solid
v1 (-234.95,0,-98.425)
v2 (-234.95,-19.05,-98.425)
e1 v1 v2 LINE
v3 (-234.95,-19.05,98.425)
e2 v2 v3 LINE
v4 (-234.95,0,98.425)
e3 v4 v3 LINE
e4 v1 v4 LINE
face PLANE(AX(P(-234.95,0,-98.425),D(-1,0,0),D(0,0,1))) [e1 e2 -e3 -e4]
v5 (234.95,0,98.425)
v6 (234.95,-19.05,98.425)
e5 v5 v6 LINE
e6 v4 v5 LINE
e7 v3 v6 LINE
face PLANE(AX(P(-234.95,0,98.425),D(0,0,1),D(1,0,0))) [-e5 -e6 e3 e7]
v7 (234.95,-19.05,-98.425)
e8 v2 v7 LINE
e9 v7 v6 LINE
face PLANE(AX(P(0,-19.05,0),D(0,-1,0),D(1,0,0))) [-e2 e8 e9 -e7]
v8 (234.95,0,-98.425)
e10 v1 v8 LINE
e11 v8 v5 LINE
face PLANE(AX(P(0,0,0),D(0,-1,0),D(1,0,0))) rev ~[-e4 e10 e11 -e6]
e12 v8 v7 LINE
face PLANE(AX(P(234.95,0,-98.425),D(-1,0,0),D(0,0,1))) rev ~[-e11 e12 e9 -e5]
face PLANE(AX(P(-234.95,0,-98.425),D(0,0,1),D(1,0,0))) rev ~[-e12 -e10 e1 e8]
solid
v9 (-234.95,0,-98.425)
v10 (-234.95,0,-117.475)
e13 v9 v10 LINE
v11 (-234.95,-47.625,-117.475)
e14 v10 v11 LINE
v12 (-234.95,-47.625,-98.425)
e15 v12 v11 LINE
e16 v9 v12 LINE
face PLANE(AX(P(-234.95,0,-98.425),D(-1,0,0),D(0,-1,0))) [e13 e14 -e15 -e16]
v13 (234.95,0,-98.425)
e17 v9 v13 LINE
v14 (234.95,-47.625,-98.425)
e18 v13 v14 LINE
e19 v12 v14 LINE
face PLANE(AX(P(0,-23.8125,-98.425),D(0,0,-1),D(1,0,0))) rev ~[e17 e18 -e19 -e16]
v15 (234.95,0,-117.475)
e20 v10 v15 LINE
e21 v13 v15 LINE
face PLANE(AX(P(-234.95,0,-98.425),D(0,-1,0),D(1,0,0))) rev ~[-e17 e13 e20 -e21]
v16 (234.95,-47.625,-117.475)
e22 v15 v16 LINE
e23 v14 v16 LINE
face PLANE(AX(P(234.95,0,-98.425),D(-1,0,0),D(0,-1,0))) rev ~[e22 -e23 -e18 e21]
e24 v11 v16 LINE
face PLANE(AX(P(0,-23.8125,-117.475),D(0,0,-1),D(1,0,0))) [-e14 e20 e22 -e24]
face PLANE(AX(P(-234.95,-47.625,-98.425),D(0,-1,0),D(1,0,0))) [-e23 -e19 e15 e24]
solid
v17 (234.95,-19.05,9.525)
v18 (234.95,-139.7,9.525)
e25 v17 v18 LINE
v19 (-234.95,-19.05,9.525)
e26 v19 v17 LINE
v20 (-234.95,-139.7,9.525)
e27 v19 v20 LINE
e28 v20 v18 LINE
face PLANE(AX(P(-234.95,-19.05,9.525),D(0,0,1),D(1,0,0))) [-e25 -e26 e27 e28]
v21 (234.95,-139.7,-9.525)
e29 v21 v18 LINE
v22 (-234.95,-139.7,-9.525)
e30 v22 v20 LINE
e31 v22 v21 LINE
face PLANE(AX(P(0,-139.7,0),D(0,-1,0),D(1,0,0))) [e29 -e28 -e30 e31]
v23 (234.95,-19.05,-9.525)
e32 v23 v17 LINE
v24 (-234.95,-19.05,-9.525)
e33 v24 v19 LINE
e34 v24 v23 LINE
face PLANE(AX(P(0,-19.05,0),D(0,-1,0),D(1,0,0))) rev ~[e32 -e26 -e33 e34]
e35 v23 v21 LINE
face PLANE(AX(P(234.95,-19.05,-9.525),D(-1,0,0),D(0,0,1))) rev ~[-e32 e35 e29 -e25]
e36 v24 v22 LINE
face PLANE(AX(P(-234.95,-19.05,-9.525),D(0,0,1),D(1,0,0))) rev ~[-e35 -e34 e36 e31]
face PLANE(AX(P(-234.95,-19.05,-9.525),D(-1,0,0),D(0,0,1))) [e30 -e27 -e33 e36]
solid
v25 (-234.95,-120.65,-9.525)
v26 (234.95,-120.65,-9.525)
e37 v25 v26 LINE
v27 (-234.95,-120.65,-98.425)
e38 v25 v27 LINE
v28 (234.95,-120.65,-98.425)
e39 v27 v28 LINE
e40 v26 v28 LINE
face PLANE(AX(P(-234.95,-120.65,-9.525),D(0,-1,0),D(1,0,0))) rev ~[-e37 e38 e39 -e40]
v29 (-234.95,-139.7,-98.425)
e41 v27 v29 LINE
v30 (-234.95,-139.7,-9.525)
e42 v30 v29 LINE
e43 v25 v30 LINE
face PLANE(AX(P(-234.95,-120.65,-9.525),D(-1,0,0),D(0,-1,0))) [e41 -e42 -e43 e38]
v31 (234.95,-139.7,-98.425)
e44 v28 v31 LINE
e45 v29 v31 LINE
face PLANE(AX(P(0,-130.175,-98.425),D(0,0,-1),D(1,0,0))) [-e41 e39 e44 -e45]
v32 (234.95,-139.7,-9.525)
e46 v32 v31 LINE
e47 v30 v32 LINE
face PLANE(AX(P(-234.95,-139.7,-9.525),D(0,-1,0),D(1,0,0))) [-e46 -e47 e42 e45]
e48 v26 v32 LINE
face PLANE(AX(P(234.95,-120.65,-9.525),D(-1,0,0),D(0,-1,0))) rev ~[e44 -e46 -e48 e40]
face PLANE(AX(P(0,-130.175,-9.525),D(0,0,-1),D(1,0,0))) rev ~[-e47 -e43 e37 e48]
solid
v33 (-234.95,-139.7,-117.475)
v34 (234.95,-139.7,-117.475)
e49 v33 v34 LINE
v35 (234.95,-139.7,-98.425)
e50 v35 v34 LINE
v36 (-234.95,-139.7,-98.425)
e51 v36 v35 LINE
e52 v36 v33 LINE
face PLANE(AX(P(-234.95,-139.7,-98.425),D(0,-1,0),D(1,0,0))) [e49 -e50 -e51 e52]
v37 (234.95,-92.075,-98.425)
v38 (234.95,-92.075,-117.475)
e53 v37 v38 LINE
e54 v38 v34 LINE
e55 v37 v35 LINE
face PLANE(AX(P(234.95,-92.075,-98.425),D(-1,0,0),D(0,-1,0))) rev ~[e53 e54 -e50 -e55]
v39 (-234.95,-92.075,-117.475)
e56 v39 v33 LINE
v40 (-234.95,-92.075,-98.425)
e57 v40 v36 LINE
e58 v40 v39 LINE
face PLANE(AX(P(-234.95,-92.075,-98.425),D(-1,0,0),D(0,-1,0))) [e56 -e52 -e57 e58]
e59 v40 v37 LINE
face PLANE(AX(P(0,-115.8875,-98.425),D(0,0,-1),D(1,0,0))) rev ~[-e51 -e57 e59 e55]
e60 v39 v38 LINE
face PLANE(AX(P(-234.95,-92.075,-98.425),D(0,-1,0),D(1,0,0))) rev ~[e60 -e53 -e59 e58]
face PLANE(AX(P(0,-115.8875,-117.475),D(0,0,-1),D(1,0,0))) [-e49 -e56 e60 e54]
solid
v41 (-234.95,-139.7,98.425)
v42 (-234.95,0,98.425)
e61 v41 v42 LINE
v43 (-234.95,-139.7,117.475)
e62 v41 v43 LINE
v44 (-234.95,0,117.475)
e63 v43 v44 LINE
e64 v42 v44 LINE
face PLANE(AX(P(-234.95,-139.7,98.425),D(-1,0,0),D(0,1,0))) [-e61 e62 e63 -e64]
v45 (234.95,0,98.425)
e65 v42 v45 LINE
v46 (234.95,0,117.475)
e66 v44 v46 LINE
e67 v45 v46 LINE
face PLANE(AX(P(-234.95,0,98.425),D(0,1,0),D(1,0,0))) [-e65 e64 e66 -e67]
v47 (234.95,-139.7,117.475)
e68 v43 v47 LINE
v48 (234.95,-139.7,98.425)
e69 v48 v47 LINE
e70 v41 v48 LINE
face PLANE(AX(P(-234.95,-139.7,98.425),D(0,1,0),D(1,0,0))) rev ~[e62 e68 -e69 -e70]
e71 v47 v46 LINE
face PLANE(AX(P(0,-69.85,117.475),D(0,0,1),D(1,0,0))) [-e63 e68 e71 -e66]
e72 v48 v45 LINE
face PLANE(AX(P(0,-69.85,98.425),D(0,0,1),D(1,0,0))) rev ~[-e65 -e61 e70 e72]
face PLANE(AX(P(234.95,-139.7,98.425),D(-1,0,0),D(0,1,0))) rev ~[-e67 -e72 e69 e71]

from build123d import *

# Parameters (mm, degrees)
F0_W      = 469.9
F0_H      = 196.85
F1_DEPTH  = 19.05
F2_W      = 469.9
F2_H      = 19.05
F3_DEPTH  = 120.65
F4_W      = 469.9
F4_H      = 19.05
F5_DEPTH  = 88.9
F6_W      = 469.9
F6_H      = 47.625
F7_DEPTH  = 19.05
F8_W      = 469.9
F8_H      = 47.625
F9_DEPTH  = 19.05
F10_W     = 469.9
F10_H     = 139.7
F11_DEPTH = 19.05


with BuildPart() as f1:
    # F0 (on Front) → F1 (new body)
    with BuildSketch(Plane.XZ):
        Rectangle(F0_W, F0_H)
    extrude(amount=F1_DEPTH)


with BuildPart() as f3:
    # F2 (on face) → F3 (new body)
    with BuildSketch(Plane.XZ.offset(19.05)):
        Rectangle(F2_W, F2_H)
    extrude(amount=F3_DEPTH)


with BuildPart() as f5:
    # F4 (on face) → F5 (new body)
    with BuildSketch(Plane(origin=(0, 0, -9.525), x_dir=(1, 0, 0), z_dir=(0, 0, -1))):
        with Locations((0, 130.175)):
            Rectangle(F4_W, F4_H)
    extrude(amount=F5_DEPTH)


with BuildPart() as f7:
    # F6 (on face) → F7 (new body)
    with BuildSketch(Plane(origin=(0, 0, -98.425), x_dir=(1, 0, 0), z_dir=(0, 0, -1))):
        with Locations((0, 23.8125)):
            Rectangle(F6_W, F6_H)
    extrude(amount=F7_DEPTH)


with BuildPart() as f9:
    # F8 (on face) → F9 (new body)
    with BuildSketch(Plane(origin=(0, 0, -98.425), x_dir=(1, 0, 0), z_dir=(0, 0, -1))):
        with Locations((0, 115.8875)):
            Rectangle(F8_W, F8_H)
    extrude(amount=F9_DEPTH)


with BuildPart() as f11:
    # F10 (on face) → F11 (new body)
    with BuildSketch(Plane.XY.offset(98.425)):
        with Locations((0, -69.85)):
            Rectangle(F10_W, F10_H)
    extrude(amount=F11_DEPTH)


solid = Compound([f1.part, f3.part, f5.part, f7.part, f9.part, f11.part])
